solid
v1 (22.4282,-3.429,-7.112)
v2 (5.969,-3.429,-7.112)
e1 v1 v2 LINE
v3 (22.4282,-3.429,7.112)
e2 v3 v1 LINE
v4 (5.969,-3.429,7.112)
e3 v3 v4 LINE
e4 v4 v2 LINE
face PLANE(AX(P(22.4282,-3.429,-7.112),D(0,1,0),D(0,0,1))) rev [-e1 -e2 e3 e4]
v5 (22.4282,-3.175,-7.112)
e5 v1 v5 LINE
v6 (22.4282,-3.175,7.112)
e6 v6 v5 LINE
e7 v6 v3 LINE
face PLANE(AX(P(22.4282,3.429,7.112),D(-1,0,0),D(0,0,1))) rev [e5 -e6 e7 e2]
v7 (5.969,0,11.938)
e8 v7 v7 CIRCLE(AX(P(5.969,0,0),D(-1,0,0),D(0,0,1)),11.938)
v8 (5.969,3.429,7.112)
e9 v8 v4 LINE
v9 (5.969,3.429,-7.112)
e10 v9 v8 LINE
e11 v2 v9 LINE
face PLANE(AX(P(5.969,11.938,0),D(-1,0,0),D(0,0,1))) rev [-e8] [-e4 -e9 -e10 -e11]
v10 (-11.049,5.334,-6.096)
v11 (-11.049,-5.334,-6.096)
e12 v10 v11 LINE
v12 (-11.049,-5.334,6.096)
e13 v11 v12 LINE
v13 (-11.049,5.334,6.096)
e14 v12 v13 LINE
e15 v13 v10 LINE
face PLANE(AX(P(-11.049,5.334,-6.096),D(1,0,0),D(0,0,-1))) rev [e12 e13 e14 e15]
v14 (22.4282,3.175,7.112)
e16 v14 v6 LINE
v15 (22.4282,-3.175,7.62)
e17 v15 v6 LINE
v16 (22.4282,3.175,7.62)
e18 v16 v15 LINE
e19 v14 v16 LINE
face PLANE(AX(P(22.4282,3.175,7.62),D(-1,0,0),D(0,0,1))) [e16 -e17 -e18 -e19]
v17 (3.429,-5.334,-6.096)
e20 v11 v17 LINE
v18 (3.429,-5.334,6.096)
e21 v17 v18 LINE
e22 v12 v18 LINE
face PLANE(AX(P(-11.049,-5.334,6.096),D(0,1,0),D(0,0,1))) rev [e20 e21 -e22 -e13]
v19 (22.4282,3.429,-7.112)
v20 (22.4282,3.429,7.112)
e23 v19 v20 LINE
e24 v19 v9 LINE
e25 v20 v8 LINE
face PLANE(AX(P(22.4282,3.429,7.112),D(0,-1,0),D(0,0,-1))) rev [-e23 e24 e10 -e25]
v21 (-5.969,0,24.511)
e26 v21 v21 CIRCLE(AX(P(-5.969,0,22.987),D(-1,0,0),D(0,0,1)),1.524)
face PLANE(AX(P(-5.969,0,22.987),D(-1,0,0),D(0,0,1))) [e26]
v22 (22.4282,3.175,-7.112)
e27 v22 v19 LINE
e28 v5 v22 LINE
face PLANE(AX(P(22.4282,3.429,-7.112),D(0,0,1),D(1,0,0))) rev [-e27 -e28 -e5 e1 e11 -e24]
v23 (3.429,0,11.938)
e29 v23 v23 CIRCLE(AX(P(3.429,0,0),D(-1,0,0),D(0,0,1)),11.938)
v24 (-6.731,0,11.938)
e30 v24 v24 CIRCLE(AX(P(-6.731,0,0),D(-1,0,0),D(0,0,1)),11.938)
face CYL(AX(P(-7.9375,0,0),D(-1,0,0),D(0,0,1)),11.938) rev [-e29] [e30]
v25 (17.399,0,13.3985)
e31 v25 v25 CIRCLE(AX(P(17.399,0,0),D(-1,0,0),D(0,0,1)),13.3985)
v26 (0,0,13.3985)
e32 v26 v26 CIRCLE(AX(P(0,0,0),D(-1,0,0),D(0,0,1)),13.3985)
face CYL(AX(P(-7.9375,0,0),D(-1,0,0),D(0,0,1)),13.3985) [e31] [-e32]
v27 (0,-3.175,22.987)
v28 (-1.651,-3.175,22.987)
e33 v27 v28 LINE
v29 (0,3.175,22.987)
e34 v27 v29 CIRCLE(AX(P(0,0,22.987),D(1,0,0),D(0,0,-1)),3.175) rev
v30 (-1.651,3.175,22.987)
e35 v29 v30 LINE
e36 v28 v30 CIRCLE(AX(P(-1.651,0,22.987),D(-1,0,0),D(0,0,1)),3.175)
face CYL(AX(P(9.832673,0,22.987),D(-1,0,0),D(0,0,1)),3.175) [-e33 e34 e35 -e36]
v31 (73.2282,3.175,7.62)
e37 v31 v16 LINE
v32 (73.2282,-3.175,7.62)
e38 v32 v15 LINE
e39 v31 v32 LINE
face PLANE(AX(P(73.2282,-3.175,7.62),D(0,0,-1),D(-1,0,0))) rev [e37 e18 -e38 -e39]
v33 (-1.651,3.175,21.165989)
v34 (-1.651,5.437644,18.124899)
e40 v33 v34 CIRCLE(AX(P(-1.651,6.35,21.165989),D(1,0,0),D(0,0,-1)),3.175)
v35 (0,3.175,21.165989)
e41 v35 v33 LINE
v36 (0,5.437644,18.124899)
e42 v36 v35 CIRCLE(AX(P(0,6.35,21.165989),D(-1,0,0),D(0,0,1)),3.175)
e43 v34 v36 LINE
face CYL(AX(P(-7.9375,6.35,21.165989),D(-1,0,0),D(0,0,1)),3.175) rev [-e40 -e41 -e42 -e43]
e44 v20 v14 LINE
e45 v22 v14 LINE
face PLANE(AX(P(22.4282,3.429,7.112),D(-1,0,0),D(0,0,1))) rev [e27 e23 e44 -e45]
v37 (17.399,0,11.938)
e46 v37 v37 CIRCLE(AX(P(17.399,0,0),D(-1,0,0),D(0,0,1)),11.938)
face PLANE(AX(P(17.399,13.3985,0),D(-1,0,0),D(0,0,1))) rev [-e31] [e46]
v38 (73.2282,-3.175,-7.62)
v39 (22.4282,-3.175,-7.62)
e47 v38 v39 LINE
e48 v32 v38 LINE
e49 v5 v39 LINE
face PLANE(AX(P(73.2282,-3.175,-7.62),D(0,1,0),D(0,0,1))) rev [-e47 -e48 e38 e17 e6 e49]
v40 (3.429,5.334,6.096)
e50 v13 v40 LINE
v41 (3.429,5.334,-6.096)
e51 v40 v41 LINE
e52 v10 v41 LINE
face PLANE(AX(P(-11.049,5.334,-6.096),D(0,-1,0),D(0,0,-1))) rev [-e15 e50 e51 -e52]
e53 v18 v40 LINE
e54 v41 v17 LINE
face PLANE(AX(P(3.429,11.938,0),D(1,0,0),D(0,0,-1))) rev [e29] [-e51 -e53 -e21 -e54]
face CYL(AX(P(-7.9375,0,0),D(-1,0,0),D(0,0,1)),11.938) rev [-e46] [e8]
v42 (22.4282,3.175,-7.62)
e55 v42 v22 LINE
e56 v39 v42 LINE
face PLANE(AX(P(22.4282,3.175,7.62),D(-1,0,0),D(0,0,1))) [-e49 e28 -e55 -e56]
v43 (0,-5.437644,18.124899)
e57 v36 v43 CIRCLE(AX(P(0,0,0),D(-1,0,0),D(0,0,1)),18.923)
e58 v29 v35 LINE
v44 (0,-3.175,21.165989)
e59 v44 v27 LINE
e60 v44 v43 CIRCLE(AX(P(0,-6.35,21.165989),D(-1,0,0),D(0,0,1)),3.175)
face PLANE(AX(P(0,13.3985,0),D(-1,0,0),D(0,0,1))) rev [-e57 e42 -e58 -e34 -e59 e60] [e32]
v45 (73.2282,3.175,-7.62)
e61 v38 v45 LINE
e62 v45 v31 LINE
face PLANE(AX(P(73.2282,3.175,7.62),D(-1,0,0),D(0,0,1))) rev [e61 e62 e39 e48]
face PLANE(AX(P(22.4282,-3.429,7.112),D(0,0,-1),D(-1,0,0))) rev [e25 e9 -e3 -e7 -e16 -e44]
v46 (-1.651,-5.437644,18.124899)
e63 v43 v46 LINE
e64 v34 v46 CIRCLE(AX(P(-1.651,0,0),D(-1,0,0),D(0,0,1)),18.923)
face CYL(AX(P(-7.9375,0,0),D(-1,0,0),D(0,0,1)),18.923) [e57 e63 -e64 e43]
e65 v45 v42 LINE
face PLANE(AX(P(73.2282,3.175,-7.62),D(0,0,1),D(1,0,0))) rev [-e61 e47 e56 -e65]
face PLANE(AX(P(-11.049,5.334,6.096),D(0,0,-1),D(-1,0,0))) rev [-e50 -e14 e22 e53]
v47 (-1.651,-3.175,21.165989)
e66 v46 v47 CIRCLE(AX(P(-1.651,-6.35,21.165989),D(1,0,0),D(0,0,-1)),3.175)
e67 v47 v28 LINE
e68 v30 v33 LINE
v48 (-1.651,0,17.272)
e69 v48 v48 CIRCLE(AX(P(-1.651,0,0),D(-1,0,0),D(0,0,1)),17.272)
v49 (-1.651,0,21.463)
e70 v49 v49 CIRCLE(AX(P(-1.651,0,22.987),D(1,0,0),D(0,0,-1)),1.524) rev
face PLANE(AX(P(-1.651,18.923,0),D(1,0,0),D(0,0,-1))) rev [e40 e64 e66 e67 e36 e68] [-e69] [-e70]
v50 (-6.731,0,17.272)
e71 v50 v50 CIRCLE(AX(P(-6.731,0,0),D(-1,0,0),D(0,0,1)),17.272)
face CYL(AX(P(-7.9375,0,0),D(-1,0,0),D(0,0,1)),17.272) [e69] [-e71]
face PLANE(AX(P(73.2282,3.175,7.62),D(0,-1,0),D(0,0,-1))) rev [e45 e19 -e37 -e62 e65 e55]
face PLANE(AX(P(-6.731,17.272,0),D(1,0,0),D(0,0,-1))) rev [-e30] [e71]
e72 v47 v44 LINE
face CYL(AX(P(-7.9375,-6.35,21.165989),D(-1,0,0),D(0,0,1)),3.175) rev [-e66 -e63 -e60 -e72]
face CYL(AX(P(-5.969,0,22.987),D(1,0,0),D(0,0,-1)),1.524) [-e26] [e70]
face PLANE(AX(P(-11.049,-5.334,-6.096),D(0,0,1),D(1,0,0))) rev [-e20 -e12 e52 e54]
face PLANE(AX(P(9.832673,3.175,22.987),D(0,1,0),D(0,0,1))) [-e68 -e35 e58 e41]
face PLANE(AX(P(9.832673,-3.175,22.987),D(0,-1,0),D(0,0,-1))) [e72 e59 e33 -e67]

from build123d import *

# Parameters (mm, degrees)
SKETCH2_W      = 12.192
SKETCH2_H      = 10.668
EXTRUDE1_DEPTH = 14.478
SKETCH3_W      = 14.224
SKETCH3_H      = 6.858
EXTRUDE2_DEPTH = 16.4592
EXTRUDE3_START = -1.651
EXTRUDE3_DEPTH = 1.651
FILLET1_R      = 3.175
SKETCH5_R      = 1.524
EXTRUDE4_DEPTH = 4.318
SKETCH6_W      = 15.24
SKETCH6_H      = 6.35
EXTRUDE5_DEPTH = 50.8


with BuildPart() as part:
    # Sketch1 → Revolve1 (revolve)
    with BuildSketch(Plane.XY, mode=Mode.PRIVATE) as revolve1_sk:
        Polygon((0, 13.3985), (17.399, 13.3985), (17.399, 11.938), (5.969, 11.938), (5.969, 0), (3.429, 0), (3.429, 11.938), (-6.731, 11.938), (-6.731, 17.272), (-1.651, 17.272), (-1.651, 18.923), (0, 18.923), align=None)
    revolve(revolve1_sk.sketch.rotate(Axis((-7.9375, 0, 0), (1, 0, 0)), 90), axis=Axis((-7.9375, 0, 0), (1, 0, 0)))

    # Sketch2 → Extrude1 (add)
    with BuildSketch(Plane.ZY.offset(-3.429)):
        Rectangle(SKETCH2_W, SKETCH2_H)
    extrude(amount=EXTRUDE1_DEPTH)

    # Sketch3 → Extrude2 (add)
    with BuildSketch(Plane(origin=(5.969, 0, 0), x_dir=(0, 0, -1), z_dir=(1, 0, 0))):
        Rectangle(SKETCH3_W, SKETCH3_H)
    extrude(amount=EXTRUDE2_DEPTH)

    # Sketch4 → Extrude3 (add)
    with BuildSketch(Plane.ZY.offset(1.651).offset(EXTRUDE3_START)):
        with BuildLine():
            Line((22.987, 3.175), (18.654739451, 3.175))
            ThreePointArc((18.654739451, 3.175), (18.923, 0), (18.654739451, -3.175))
            Line((18.654739451, -3.175), (22.987, -3.175))
            ThreePointArc((22.987, -3.175), (26.162, 0), (22.987, 3.175))
        make_face()
    extrude(amount=EXTRUDE3_DEPTH)

    # Fillet1
    fillet1_edges = [part.edges().sort_by_distance(p)[0] for p in [
        (-0.8255, 3.175, 18.654739451),
        (-0.8255, -3.175, 18.654739451),
    ]]
    fillet(fillet1_edges, radius=FILLET1_R)

    # Sketch5 → Extrude4 (add)
    with BuildSketch(Plane.ZY.offset(1.651)):
        with Locations(Location((22.987, 0, 0), (0, 0, 180))):
            Circle(SKETCH5_R)
    extrude(amount=EXTRUDE4_DEPTH)

    # Sketch6 → Extrude5 (add)
    with BuildSketch(Plane(origin=(22.4282, 0, 0), x_dir=(0, 0, -1), z_dir=(1, 0, 0))):
        Rectangle(SKETCH6_W, SKETCH6_H)
    extrude(amount=EXTRUDE5_DEPTH)


solid = part.part
